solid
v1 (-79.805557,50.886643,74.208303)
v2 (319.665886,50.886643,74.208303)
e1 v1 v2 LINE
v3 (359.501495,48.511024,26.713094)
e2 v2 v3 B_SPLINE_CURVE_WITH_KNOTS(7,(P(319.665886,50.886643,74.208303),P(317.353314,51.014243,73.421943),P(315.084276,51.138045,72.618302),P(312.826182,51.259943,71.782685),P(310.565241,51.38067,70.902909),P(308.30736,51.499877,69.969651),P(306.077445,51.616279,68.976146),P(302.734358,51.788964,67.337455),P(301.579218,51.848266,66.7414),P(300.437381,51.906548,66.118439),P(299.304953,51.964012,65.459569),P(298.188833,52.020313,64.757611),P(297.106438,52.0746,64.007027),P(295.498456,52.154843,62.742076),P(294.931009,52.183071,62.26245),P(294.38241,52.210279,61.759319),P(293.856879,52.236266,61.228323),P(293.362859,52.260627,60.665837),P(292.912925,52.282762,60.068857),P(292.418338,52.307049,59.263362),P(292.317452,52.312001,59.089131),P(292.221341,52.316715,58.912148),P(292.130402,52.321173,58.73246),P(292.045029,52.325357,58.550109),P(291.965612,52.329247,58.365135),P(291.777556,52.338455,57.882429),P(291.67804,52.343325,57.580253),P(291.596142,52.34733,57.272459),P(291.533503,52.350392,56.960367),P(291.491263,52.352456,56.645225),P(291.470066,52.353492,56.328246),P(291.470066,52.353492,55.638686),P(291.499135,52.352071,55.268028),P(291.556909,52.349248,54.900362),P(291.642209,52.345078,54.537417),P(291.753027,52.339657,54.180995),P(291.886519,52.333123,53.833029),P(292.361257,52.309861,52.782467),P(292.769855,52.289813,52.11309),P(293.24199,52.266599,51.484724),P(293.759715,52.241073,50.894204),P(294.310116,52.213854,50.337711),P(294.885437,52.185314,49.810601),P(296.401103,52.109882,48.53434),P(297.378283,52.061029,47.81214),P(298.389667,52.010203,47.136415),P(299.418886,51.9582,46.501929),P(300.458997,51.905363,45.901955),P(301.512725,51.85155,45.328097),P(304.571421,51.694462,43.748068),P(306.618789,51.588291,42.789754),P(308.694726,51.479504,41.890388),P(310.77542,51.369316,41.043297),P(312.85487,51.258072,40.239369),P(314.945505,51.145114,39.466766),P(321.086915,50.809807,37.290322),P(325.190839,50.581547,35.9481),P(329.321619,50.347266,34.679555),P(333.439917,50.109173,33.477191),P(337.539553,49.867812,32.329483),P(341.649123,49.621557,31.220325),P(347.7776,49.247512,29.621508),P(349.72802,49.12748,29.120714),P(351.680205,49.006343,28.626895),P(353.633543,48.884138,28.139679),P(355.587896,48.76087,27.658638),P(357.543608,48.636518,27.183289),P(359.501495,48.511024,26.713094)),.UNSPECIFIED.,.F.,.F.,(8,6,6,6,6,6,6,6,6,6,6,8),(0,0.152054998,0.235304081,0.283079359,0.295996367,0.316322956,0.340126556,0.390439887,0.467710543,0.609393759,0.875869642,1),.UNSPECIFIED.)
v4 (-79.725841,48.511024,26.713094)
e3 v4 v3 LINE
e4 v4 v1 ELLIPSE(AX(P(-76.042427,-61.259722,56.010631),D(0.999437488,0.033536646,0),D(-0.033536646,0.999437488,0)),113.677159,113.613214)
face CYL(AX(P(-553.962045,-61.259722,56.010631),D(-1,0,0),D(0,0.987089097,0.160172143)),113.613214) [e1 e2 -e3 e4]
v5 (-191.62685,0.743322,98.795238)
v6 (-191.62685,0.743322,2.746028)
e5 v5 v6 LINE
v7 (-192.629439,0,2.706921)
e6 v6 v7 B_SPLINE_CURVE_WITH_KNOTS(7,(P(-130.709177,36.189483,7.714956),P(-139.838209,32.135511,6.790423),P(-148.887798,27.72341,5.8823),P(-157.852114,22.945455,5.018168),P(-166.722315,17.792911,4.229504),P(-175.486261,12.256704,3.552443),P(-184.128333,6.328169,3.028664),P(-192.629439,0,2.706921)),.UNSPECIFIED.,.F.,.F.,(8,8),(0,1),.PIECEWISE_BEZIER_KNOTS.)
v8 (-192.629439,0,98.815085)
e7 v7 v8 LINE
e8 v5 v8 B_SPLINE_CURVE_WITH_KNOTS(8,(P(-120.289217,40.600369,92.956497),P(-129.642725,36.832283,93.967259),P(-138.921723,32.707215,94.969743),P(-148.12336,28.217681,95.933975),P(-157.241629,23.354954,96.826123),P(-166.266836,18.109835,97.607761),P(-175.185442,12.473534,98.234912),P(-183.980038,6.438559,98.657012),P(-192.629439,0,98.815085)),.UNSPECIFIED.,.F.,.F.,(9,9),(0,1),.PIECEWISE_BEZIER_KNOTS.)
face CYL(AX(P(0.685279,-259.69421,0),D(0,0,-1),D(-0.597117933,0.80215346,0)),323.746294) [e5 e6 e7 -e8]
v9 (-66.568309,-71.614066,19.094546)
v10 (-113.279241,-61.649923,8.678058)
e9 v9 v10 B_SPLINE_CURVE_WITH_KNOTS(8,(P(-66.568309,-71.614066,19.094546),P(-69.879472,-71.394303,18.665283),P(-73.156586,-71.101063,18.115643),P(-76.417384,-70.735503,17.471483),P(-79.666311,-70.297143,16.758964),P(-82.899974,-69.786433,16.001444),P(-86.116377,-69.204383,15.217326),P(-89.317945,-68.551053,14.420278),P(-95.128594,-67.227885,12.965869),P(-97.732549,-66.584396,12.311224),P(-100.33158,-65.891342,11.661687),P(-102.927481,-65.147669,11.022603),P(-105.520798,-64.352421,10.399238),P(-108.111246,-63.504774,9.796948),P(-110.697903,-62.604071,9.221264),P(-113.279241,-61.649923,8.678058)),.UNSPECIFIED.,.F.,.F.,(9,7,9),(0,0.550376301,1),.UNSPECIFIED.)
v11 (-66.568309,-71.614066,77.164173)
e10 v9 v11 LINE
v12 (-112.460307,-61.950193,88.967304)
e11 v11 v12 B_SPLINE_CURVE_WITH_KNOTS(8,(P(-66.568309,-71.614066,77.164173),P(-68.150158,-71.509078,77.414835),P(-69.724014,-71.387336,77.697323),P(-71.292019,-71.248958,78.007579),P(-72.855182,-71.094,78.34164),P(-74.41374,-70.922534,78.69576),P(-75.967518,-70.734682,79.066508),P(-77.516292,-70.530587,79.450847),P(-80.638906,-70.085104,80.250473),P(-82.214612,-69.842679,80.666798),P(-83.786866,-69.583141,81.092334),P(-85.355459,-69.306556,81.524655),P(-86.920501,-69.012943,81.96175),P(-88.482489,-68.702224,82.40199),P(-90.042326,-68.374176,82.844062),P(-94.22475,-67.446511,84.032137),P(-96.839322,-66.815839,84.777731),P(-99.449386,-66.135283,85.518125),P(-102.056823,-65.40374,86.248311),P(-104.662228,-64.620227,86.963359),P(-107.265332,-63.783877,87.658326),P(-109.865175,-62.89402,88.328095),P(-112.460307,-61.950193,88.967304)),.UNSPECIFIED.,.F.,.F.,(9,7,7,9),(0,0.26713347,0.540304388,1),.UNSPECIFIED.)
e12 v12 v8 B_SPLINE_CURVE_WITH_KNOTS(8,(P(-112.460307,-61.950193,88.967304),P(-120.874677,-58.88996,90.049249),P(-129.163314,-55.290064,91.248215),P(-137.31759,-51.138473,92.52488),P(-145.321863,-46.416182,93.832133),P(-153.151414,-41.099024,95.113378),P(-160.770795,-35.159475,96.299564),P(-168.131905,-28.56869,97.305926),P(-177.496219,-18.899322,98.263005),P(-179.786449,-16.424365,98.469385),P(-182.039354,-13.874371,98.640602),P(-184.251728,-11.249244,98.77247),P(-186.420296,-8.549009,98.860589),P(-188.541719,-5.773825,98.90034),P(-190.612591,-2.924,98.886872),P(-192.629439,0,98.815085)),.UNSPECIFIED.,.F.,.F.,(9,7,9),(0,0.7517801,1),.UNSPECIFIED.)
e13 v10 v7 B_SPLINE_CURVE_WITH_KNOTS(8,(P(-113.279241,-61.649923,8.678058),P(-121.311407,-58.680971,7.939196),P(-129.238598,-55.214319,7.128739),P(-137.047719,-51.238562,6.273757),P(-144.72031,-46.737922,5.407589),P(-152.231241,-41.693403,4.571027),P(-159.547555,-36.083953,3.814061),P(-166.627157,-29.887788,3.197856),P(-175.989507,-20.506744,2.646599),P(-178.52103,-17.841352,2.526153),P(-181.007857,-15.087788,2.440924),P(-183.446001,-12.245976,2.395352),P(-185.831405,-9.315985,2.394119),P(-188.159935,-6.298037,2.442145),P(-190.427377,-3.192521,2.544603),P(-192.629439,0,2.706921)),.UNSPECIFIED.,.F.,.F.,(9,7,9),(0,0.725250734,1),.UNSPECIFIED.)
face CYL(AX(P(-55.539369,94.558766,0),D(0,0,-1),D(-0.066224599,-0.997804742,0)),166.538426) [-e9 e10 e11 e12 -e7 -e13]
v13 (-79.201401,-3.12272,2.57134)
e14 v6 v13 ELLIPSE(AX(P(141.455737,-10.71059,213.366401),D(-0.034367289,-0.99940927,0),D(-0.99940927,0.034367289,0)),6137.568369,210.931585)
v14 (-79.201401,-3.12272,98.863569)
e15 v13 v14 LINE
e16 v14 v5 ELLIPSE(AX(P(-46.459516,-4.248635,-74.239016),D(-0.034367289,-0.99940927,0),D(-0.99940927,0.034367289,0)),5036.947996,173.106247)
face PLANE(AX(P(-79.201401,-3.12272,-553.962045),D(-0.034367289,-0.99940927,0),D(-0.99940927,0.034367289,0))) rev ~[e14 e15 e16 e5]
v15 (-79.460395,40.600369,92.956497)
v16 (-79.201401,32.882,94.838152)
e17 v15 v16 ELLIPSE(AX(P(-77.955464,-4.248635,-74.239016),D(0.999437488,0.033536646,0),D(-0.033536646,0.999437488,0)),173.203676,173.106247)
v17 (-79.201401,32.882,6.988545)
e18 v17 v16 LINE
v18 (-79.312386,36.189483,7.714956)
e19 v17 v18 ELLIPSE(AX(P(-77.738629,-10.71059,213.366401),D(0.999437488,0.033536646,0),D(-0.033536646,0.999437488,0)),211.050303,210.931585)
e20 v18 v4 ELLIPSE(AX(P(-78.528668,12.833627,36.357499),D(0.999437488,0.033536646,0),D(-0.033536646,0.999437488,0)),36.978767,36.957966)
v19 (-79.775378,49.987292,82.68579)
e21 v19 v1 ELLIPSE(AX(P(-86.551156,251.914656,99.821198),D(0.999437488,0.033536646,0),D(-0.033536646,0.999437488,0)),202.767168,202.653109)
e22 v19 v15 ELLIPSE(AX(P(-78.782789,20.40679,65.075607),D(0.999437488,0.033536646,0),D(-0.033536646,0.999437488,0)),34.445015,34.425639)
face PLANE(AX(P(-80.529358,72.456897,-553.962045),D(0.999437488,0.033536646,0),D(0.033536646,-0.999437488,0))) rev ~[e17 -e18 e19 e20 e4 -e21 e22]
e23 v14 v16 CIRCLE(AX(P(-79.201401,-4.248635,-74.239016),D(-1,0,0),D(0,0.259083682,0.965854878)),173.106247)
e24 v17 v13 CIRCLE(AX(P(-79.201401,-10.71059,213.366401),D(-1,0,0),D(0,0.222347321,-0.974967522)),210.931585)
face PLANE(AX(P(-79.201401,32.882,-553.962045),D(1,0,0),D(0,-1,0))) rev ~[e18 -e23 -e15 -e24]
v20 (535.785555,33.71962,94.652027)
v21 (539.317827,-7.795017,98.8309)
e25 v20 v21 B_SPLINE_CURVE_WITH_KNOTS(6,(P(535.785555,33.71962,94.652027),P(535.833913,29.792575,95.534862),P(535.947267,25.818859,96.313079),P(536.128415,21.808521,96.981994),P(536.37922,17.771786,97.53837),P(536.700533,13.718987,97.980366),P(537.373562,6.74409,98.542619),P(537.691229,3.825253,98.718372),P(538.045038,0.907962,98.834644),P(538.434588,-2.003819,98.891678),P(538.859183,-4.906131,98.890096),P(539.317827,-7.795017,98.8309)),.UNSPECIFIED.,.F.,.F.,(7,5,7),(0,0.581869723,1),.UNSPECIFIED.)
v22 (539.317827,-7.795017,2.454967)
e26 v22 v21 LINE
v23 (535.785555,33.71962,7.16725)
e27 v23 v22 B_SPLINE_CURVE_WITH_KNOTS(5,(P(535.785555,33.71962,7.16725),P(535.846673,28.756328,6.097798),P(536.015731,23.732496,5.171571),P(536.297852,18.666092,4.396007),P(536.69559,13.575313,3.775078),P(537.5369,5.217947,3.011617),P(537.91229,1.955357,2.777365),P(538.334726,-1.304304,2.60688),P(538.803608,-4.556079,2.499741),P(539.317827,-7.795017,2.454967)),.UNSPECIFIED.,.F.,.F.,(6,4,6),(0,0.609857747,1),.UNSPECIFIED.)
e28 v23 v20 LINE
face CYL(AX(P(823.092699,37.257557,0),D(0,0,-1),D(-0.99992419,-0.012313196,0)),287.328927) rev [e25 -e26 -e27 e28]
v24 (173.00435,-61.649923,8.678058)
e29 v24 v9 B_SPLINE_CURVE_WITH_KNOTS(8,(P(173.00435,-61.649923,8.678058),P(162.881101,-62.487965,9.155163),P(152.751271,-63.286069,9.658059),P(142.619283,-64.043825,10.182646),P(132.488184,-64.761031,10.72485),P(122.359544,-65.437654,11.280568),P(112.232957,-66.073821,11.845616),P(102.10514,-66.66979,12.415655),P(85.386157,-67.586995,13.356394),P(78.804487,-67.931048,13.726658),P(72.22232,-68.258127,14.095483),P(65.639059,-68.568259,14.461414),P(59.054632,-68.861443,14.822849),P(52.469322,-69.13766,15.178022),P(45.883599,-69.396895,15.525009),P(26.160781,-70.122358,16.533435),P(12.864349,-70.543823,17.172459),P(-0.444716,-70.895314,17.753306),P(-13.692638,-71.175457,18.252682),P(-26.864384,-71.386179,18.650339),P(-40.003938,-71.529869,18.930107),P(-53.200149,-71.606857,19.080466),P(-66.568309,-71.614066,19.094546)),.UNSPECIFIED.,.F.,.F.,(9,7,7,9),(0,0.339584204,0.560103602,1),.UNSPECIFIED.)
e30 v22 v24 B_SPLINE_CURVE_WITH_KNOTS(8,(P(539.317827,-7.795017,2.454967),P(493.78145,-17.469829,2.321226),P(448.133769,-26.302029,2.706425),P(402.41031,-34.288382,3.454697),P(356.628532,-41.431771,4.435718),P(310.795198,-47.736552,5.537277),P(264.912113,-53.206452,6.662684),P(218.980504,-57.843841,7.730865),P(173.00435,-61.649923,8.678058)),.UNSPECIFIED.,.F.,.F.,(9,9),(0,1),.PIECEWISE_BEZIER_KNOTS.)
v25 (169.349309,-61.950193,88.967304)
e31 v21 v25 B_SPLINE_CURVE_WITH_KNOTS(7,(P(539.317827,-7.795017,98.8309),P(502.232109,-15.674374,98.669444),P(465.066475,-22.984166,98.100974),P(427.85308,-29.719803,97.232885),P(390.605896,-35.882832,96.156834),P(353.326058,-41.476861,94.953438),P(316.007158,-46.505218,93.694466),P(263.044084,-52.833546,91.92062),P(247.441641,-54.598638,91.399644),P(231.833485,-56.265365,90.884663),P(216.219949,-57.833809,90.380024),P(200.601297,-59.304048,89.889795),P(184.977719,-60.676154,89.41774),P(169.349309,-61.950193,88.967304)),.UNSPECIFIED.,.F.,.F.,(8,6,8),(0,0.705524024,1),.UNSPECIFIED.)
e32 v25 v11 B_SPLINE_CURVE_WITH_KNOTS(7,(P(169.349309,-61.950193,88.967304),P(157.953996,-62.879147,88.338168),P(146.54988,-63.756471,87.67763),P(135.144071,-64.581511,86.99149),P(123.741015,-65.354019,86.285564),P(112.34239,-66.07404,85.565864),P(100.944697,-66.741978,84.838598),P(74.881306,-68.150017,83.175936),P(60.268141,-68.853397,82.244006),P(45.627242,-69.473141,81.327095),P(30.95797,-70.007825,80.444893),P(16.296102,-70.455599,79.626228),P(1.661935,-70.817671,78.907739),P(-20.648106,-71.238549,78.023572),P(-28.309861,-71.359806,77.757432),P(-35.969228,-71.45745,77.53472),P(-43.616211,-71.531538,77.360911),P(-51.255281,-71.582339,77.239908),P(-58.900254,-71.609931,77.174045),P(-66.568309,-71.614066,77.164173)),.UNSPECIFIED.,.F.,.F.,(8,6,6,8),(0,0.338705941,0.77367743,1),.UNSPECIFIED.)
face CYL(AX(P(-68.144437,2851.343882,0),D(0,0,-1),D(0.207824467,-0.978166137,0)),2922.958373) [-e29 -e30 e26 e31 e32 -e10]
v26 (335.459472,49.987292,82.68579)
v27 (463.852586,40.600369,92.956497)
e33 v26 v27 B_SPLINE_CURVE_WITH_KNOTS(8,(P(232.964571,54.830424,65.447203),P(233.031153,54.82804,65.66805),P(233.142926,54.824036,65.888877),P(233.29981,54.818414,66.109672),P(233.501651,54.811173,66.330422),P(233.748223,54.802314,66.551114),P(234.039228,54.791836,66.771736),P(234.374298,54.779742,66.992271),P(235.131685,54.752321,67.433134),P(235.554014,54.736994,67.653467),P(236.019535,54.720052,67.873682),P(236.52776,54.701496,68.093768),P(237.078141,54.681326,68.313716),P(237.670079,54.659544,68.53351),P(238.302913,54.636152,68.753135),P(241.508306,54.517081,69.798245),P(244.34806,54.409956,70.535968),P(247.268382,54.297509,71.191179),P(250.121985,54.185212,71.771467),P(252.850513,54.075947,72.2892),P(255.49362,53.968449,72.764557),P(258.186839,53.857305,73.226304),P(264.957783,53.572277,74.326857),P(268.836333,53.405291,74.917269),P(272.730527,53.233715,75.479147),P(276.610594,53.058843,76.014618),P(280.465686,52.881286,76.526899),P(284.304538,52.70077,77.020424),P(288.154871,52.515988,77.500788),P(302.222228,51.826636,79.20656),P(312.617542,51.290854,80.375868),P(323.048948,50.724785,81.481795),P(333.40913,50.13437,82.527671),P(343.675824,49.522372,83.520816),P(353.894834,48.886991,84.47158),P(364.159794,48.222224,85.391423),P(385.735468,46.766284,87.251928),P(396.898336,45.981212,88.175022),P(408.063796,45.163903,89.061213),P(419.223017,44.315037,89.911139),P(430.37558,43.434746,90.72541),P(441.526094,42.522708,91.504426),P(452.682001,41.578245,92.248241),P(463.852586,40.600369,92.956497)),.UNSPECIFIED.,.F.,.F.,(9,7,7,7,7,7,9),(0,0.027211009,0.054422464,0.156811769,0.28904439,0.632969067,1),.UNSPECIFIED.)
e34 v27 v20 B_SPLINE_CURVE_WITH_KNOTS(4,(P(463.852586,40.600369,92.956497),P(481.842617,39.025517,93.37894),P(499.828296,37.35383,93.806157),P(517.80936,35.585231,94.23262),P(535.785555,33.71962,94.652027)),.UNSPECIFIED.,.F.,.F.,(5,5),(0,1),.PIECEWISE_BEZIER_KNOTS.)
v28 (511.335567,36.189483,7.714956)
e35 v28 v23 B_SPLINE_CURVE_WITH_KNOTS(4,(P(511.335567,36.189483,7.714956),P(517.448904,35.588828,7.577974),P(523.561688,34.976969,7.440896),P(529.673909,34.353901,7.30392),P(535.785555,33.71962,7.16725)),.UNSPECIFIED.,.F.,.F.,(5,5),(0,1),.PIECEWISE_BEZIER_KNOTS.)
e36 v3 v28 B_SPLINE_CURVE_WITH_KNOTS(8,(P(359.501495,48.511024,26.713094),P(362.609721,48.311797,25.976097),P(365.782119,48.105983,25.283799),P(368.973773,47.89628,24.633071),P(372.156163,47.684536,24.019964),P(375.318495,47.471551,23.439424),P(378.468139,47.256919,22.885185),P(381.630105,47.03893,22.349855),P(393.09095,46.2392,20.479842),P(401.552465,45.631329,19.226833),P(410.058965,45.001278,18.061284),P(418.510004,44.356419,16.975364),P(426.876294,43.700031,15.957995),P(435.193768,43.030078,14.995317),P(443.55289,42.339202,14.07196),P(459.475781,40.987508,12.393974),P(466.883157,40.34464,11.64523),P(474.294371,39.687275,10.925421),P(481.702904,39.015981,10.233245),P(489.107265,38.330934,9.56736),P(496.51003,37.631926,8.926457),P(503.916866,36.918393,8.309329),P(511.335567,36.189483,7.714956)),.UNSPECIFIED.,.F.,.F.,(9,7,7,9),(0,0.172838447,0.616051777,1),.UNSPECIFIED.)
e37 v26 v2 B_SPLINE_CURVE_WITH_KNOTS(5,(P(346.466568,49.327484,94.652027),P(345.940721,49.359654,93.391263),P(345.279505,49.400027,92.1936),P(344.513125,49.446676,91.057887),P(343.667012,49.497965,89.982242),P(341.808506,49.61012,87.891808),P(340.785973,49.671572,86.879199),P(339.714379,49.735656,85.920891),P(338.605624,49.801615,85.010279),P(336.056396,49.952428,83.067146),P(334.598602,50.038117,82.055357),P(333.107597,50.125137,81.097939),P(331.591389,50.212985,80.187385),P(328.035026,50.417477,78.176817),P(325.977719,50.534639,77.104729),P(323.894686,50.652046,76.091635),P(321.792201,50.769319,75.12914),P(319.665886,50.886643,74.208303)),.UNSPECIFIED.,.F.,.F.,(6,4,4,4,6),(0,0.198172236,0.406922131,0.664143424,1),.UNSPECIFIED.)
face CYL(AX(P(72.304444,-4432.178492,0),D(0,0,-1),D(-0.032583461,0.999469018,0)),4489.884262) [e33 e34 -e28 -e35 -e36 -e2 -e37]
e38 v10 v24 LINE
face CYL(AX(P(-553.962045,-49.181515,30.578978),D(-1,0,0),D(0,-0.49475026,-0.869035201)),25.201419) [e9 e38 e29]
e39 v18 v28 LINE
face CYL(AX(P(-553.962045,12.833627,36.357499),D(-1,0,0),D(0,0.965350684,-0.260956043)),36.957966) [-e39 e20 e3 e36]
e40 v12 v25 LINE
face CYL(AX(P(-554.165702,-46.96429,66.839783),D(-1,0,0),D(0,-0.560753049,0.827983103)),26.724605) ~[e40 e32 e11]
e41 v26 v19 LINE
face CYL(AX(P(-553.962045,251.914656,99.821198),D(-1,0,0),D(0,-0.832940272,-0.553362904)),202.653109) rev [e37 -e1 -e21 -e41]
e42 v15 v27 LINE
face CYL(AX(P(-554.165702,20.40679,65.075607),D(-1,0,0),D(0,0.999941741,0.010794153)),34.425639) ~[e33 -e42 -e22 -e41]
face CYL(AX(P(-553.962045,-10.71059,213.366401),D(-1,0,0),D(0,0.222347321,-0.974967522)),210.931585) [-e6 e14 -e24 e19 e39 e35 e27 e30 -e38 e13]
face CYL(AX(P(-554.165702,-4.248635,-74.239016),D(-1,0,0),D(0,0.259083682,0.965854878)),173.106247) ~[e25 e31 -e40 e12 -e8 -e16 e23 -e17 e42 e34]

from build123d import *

# Parameters (mm, degrees)
BOSS_EXTRUDE1_DEPTH     = 100
CUT_EXTRUDE3_DEPTH      = 554.165701555
CUT_EXTRUDE3_DEPTH_BACK = 554.165701555
CUT_EXTRUDE5_DEPTH      = 553.962044682
CUT_EXTRUDE5_DEPTH_BACK = 553.962044682
CUT_EXTRUDE7_DEPTH      = 553.962044682
CUT_EXTRUDE7_DEPTH_BACK = 553.962044682


with BuildPart() as part:
    # Sketch1 → Boss-Extrude1 (new body)
    with BuildSketch(Plane.XY):
        with BuildLine():
            ThreePointArc((-192.629438793, 0), (-136.135725272, 33.719619965), (-73.991525193, 55.321722514))
            ThreePointArc((-73.991525193, 55.321722514), (231.264395529, 54.89097703), (535.785554592, 33.719619965))
            ThreePointArc((535.785554592, 33.719619965), (536.798211586, 12.89819156), (539.317827414, -7.795017256))
            ThreePointArc((539.317827414, -7.795017256), (238.042039648, -55.533392614), (-66.568309368, -71.614065728))
            ThreePointArc((-66.568309368, -71.614065728), (-137.800866021, -50.244872094), (-192.629438793, 0))
        make_face()
    extrude(amount=BOSS_EXTRUDE1_DEPTH)

    # Sketch2 → Cut-Extrude3 (cut, two sides: drawn at the far end of the back side and taken through both)
    with BuildSketch(Plane(origin=(0, 0, 0), x_dir=(0, 0, -1), z_dir=(1, 0, 0)).offset(-CUT_EXTRUDE3_DEPTH_BACK)):
        with BuildLine():
            ThreePointArc((-65.447202994, 54.830423707), (-80.892507985, 50.983746932), (-92.956496986, 40.600368972))
            ThreePointArc((-92.956496986, 40.600368972), (-98.736407831, -10.977338679), (-88.967303886, -61.950193259))
            ThreePointArc((-88.967303886, -61.950193259), (-83.10915251, -68.165990231), (-75.589128758, -72.216090516))
            ThreePointArc((-75.589128758, -72.216090516), (-123.822815089, -94.064788666), (-173.378544397, -75.407784602))
            ThreePointArc((-173.378544397, -75.407784602), (-163.802190068, -4.583325871), (-135.262897635, 60.940099743))
            ThreePointArc((-135.262897635, 60.940099743), (-100.366866686, 80.430667917), (-61.326949176, 89.003885783))
            ThreePointArc((-61.326949176, 89.003885783), (-63.560434952, 71.938056418), (-65.447202994, 54.830423707))
        make_face()
    extrude(amount=CUT_EXTRUDE3_DEPTH + CUT_EXTRUDE3_DEPTH_BACK, mode=Mode.SUBTRACT)

    # Sketch3 → Cut-Extrude5 (cut, two sides: drawn at the far end of the back side and taken through both)
    with BuildSketch(Plane(origin=(0, 0, 0), x_dir=(0, 0, -1), z_dir=(1, 0, 0)).offset(-CUT_EXTRUDE5_DEPTH_BACK)):
        with BuildLine():
            ThreePointArc((-74.208303325, 50.886642831), (-50.335012976, 52.211638999), (-26.713093985, 48.511024166))
            ThreePointArc((-26.713093985, 48.511024166), (-16.247111553, 43.841102683), (-7.714956491, 36.189482926))
            ThreePointArc((-7.714956491, 36.189482926), (-2.445034952, -12.786836037), (-8.678058045, -61.649923489))
            ThreePointArc((-8.678058045, -61.649923489), (-17.453523943, -70.69509128), (-29.511303704, -74.360307413))
            ThreePointArc((-29.511303704, -74.360307413), (33.955140221, -79.826327987), (85.286434054, -42.104117568))
            ThreePointArc((85.286434054, -42.104117568), (41.180066923, 16.064388488), (12.319514625, 83.116720583))
            ThreePointArc((12.319514625, 83.116720583), (-170.558095104, 441.821406771), (-74.208303325, 50.886642831))
        make_face()
    extrude(amount=CUT_EXTRUDE5_DEPTH + CUT_EXTRUDE5_DEPTH_BACK, mode=Mode.SUBTRACT)

    # Sketch4 → Cut-Extrude7 (cut, two sides: drawn at the far end of the back side and taken through both)
    with BuildSketch(Plane.XY.offset(-CUT_EXTRUDE7_DEPTH_BACK)):
        Polygon((-79.201401397, 32.882000093), (-79.201401397, -3.122719846), (-222.768125928, 1.814195624), (-233.222282556, 17.110218535), (-80.529357675, 72.456896947), align=None)
    extrude(amount=CUT_EXTRUDE7_DEPTH + CUT_EXTRUDE7_DEPTH_BACK, mode=Mode.SUBTRACT)


solid = part.part
